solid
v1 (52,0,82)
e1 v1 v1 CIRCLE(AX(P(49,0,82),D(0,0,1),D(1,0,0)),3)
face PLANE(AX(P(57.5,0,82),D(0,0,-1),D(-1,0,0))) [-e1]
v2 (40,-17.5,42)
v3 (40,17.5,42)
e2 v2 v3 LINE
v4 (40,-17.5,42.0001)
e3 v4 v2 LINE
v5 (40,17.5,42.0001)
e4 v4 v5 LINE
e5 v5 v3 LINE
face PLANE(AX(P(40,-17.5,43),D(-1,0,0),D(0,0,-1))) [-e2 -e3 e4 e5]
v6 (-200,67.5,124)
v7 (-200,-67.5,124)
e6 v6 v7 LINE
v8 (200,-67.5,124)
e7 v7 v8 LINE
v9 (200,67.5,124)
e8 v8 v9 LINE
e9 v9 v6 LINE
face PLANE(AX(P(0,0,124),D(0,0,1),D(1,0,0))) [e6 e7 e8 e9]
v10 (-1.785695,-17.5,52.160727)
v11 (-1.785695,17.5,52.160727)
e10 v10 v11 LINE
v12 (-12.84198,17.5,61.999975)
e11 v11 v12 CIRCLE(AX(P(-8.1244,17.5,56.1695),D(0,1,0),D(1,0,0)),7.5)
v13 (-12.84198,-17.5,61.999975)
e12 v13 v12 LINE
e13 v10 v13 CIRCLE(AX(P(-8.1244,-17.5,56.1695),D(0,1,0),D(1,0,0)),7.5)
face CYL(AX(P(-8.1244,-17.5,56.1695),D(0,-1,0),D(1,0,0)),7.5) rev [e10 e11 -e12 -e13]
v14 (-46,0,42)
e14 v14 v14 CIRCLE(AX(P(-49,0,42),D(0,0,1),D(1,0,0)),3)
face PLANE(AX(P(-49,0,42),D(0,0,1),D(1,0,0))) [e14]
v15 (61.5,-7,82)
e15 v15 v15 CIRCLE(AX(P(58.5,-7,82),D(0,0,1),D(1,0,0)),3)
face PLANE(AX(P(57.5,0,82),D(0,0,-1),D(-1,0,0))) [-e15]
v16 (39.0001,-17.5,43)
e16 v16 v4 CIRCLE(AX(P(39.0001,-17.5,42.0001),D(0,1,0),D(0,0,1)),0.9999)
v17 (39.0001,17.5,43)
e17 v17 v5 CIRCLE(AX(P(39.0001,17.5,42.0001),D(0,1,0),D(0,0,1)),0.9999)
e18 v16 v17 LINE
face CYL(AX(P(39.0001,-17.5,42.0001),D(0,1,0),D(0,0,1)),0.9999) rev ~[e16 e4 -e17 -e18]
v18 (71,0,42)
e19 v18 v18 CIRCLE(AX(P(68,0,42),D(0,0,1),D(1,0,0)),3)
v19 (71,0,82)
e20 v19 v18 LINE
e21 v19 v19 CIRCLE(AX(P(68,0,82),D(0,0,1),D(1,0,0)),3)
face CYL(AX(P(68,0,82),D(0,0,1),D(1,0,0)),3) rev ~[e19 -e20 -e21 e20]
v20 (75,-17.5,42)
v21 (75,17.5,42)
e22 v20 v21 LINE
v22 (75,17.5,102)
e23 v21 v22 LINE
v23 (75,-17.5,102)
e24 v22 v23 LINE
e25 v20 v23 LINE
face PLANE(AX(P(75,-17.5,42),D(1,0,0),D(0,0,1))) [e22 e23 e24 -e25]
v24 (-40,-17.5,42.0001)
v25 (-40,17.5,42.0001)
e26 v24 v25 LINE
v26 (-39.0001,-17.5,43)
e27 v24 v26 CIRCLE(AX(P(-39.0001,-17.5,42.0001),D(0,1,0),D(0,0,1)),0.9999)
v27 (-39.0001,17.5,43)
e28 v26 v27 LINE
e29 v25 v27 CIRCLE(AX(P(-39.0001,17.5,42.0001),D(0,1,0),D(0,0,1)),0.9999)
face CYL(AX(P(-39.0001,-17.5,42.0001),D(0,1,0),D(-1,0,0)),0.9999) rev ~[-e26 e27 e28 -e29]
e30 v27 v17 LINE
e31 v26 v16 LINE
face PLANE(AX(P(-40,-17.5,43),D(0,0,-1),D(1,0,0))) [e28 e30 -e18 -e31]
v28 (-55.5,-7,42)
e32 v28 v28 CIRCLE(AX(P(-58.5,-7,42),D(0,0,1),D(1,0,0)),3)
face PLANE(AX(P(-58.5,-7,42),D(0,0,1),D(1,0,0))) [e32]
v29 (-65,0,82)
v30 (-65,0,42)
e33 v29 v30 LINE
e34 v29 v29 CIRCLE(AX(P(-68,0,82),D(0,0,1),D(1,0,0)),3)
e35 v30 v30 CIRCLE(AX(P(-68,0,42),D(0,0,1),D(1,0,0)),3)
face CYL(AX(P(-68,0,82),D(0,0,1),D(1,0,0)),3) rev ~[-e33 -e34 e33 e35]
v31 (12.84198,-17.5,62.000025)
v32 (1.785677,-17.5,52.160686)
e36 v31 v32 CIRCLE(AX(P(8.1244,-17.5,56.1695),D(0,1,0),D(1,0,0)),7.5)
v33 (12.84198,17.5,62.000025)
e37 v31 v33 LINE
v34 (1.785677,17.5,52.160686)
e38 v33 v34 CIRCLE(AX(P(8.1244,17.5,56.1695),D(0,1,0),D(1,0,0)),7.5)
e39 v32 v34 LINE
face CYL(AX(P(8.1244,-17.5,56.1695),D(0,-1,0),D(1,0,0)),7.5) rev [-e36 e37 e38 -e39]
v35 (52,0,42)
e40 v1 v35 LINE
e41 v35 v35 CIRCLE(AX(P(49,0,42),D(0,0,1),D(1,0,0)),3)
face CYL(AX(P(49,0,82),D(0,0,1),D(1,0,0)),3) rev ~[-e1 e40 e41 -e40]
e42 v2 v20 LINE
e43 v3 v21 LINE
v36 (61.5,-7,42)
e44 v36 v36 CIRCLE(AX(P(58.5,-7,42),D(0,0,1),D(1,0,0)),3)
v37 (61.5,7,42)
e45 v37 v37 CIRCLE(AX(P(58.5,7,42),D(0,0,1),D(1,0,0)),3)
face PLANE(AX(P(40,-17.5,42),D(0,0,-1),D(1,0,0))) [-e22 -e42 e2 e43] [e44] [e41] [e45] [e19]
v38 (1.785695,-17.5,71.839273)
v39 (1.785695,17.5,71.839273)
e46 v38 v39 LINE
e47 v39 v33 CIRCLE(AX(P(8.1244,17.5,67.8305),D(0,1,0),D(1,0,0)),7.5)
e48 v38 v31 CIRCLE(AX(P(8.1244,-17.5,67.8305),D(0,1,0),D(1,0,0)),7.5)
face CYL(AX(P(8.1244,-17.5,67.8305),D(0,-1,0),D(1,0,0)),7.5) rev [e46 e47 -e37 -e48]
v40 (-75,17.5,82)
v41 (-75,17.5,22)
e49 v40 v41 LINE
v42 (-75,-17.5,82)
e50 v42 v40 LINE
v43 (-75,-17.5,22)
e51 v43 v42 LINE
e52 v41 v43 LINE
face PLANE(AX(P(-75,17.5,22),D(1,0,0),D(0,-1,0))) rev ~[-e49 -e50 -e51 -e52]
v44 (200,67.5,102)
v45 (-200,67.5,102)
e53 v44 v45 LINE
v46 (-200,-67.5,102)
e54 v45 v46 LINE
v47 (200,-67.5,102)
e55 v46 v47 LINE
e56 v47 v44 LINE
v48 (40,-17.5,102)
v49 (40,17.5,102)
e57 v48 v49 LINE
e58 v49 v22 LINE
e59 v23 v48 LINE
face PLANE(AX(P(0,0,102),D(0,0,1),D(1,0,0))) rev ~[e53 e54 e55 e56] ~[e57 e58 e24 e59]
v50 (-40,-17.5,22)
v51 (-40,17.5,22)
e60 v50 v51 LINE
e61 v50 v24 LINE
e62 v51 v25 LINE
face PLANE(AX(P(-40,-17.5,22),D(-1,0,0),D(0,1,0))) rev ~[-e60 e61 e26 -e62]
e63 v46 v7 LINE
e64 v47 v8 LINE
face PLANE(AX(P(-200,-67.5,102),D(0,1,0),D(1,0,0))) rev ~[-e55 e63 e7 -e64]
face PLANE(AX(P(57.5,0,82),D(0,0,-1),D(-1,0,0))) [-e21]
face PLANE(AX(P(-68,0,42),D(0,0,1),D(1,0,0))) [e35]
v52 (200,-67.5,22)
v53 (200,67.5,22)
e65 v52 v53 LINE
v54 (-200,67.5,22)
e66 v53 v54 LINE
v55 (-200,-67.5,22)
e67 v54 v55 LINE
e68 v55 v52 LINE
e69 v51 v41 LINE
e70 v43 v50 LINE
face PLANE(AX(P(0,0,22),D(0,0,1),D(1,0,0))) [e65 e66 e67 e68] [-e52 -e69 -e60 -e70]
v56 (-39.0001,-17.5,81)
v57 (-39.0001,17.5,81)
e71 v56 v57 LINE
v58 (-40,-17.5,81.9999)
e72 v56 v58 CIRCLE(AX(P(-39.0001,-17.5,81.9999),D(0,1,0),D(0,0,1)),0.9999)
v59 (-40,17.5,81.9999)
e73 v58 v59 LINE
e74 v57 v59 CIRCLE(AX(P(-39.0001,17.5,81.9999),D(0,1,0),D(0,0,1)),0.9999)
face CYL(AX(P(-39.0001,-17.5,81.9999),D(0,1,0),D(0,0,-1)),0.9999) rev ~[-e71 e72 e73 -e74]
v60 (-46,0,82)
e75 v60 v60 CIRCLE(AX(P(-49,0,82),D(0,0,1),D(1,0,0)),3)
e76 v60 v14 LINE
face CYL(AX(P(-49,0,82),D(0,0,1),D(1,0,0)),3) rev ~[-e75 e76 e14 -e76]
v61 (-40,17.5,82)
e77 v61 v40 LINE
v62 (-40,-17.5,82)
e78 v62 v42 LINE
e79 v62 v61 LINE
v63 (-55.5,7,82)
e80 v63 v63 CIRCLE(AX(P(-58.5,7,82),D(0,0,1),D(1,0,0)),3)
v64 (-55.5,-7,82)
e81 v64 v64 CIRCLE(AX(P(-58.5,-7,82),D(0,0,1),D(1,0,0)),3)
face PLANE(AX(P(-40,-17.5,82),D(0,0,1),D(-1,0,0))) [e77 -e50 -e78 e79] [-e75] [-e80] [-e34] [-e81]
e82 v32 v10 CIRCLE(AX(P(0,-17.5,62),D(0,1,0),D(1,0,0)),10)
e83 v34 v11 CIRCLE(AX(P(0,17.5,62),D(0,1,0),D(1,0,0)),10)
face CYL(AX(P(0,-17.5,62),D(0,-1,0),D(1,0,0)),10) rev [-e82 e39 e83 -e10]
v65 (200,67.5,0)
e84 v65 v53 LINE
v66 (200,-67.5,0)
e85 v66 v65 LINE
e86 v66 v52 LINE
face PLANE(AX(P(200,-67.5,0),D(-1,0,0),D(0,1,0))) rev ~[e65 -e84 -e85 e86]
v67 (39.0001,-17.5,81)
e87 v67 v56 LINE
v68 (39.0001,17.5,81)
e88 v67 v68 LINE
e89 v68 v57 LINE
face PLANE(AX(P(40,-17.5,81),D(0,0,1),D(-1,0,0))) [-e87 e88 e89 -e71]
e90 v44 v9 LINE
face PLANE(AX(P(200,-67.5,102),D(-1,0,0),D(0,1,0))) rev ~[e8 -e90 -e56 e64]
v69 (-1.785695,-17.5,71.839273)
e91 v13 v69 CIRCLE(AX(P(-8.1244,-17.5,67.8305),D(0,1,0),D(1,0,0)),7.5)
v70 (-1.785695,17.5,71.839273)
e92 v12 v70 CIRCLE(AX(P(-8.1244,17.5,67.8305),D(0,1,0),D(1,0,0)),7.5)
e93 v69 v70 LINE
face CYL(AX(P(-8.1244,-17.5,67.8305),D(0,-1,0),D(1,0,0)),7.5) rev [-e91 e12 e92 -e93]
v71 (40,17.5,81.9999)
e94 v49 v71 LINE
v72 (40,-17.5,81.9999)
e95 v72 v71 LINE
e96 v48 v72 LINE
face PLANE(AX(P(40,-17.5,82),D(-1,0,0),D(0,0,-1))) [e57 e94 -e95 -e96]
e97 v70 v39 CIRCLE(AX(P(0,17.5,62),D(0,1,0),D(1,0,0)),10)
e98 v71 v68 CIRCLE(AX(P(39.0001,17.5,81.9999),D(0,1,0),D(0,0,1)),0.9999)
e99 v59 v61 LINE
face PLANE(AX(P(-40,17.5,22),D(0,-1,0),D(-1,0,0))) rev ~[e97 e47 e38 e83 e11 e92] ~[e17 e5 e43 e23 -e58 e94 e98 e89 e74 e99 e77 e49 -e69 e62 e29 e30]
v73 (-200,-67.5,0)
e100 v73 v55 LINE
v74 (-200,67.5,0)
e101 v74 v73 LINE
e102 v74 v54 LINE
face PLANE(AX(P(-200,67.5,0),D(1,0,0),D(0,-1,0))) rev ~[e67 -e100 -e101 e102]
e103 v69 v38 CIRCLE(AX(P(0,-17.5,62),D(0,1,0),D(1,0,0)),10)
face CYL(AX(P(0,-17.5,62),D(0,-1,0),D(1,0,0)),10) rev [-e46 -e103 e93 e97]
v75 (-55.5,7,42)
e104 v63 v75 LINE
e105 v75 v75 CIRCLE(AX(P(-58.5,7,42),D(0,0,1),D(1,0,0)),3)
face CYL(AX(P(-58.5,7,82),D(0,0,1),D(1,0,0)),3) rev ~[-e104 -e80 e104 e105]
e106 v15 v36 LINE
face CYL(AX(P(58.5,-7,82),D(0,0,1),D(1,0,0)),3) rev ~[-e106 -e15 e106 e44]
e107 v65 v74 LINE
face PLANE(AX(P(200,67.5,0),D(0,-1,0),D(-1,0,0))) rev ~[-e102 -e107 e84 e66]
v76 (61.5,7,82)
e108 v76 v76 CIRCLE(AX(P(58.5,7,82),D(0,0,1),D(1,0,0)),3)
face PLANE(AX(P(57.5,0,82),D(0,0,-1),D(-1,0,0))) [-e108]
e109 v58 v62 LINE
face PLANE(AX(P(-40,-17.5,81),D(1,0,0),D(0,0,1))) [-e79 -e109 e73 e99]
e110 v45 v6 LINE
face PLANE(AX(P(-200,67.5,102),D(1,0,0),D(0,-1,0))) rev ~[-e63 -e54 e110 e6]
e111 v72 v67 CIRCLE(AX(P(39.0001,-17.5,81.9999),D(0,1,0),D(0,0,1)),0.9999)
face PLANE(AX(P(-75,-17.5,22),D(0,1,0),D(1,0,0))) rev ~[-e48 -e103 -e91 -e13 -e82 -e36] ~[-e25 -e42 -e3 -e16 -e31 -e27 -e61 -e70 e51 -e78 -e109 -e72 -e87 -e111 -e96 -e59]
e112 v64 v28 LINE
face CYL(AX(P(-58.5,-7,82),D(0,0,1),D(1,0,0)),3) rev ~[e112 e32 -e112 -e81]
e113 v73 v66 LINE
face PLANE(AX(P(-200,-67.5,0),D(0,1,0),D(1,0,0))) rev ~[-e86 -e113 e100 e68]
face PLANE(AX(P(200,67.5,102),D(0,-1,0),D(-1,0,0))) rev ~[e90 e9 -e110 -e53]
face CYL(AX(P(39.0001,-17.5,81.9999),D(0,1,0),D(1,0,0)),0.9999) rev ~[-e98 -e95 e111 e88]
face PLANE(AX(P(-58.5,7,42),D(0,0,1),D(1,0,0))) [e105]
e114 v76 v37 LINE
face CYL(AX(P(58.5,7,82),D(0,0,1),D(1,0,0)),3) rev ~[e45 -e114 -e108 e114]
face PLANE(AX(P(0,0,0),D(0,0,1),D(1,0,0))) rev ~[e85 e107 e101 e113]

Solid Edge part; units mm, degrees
sketch "Sketch1" plane through (0, 0, 0) normal (0, 0, 1) x (1, 0, 0)
  line L0 (200, -67.5) -> (200, 67.5)
  line L1 (200, 67.5) -> (-200, 67.5)
  line L2 (-200, 67.5) -> (-200, -67.5)
  line L3 (-200, -67.5) -> (200, -67.5)
extrude "Protrusion1" add sketch "Sketch1" along normal blind 22
sketch "Sketch2" plane through (0, 0, 22) normal (0, 0, 1) x (0, 1, 0)
  line L0 (17.5, 75) -> (-17.5, 75)
  line L1 (-17.5, 75) -> (-17.5, 40)
  line L2 (-17.5, 40) -> (17.5, 40)
  line L3 (17.5, 40) -> (17.5, 75)
extrude "Extrusionsausprägung_2" add sketch "Sketch2" along normal blind 20
sketch "Sketch3" plane through (-57.5, -17.5, 32) normal (0, -1, 0) x (1, 0, 0)
  arc A0 (55.7143, 39.8393) -> (59.2857, 39.8393) centre (57.5, 30) cw
  arc A1 (59.2857, 39.8393) -> (70.342, 30) centre (65.6244, 35.8305) cw
  arc A2 (70.342, 30) -> (59.2857, 20.1607) centre (65.6244, 24.1695) cw
  arc A3 (59.2857, 20.1607) -> (55.7143, 20.1607) centre (57.5, 30) cw
  arc A4 (55.7143, 20.1607) -> (44.658, 30) centre (49.3756, 24.1695) cw
  arc A5 (44.658, 30) -> (55.7143, 39.8393) centre (49.3756, 35.8305) cw
  line L0 (17.5, 50) -> (-17.5, 50)
  line L1 (-17.5, 50) -> (-17.5, 10)
  line L2 (-17.5, 10) -> (17.5, 10)
  line L3 (17.5, 10) -> (17.5, 11)
  line L4 (17.5, 11) -> (97.5, 11)
  line L5 (97.5, 11) -> (97.5, 10)
  line L6 (97.5, 10) -> (132.5, 10)
  line L7 (132.5, 10) -> (132.5, 50)
  line L8 (132.5, 50) -> (97.5, 50)
  line L9 (97.5, 50) -> (97.5, 49)
  line L10 (97.5, 49) -> (17.5, 49)
  line L11 (17.5, 49) -> (17.5, 50)
extrude "Extrusionsausprägung_3" add sketch "Sketch3" against normal blind 35
fillet "Verrundung_1" radius 1 4 edges at (-40, 0, 81) (40, 0, 81) (-40, 0, 43) (40, 0, 43)
sketch "Sketch4" plane through (-57.5, 0, 82) normal (0, 0, 1) x (1, 0, 0)
  circle A0 centre (8.5, 0) radius 3
  circle A1 centre (-1, -7) radius 3
  circle A2 centre (-1, 7) radius 3
  circle A3 centre (-10.5, 0) radius 3
  circle A4 centre (106.5, 0) radius 3
  circle A5 centre (116, 7) radius 3
  circle A6 centre (125.5, 0) radius 3
  circle A7 centre (116, -7) radius 3
extrude "Extrusionsausschnitt_1" cut sketch "Sketch4" against normal blind 40
sketch "Sketch5" plane through (57.5, 0, 82) normal (0, 0, 1) x (1, 0, 0)
  line L0 (-17.5, -17.5) -> (-17.5, 17.5)
  line L1 (-17.5, 17.5) -> (17.5, 17.5)
  line L2 (17.5, 17.5) -> (17.5, -17.5)
  line L3 (17.5, -17.5) -> (-17.5, -17.5)
extrude "Extrusionsausprägung_4" add sketch "Sketch5" along normal blind 20
sketch "Sketch6" plane through (57.5, 0, 102) normal (0, 0, 1) x (1, 0, 0)
  line L0 (-257.5, -67.5) -> (142.5, -67.5)
  line L1 (142.5, -67.5) -> (142.5, 67.5)
  line L2 (142.5, 67.5) -> (-257.5, 67.5)
  line L3 (-257.5, 67.5) -> (-257.5, -67.5)
extrude "Extrusionsausprägung_5" add sketch "Sketch6" along normal blind 22
